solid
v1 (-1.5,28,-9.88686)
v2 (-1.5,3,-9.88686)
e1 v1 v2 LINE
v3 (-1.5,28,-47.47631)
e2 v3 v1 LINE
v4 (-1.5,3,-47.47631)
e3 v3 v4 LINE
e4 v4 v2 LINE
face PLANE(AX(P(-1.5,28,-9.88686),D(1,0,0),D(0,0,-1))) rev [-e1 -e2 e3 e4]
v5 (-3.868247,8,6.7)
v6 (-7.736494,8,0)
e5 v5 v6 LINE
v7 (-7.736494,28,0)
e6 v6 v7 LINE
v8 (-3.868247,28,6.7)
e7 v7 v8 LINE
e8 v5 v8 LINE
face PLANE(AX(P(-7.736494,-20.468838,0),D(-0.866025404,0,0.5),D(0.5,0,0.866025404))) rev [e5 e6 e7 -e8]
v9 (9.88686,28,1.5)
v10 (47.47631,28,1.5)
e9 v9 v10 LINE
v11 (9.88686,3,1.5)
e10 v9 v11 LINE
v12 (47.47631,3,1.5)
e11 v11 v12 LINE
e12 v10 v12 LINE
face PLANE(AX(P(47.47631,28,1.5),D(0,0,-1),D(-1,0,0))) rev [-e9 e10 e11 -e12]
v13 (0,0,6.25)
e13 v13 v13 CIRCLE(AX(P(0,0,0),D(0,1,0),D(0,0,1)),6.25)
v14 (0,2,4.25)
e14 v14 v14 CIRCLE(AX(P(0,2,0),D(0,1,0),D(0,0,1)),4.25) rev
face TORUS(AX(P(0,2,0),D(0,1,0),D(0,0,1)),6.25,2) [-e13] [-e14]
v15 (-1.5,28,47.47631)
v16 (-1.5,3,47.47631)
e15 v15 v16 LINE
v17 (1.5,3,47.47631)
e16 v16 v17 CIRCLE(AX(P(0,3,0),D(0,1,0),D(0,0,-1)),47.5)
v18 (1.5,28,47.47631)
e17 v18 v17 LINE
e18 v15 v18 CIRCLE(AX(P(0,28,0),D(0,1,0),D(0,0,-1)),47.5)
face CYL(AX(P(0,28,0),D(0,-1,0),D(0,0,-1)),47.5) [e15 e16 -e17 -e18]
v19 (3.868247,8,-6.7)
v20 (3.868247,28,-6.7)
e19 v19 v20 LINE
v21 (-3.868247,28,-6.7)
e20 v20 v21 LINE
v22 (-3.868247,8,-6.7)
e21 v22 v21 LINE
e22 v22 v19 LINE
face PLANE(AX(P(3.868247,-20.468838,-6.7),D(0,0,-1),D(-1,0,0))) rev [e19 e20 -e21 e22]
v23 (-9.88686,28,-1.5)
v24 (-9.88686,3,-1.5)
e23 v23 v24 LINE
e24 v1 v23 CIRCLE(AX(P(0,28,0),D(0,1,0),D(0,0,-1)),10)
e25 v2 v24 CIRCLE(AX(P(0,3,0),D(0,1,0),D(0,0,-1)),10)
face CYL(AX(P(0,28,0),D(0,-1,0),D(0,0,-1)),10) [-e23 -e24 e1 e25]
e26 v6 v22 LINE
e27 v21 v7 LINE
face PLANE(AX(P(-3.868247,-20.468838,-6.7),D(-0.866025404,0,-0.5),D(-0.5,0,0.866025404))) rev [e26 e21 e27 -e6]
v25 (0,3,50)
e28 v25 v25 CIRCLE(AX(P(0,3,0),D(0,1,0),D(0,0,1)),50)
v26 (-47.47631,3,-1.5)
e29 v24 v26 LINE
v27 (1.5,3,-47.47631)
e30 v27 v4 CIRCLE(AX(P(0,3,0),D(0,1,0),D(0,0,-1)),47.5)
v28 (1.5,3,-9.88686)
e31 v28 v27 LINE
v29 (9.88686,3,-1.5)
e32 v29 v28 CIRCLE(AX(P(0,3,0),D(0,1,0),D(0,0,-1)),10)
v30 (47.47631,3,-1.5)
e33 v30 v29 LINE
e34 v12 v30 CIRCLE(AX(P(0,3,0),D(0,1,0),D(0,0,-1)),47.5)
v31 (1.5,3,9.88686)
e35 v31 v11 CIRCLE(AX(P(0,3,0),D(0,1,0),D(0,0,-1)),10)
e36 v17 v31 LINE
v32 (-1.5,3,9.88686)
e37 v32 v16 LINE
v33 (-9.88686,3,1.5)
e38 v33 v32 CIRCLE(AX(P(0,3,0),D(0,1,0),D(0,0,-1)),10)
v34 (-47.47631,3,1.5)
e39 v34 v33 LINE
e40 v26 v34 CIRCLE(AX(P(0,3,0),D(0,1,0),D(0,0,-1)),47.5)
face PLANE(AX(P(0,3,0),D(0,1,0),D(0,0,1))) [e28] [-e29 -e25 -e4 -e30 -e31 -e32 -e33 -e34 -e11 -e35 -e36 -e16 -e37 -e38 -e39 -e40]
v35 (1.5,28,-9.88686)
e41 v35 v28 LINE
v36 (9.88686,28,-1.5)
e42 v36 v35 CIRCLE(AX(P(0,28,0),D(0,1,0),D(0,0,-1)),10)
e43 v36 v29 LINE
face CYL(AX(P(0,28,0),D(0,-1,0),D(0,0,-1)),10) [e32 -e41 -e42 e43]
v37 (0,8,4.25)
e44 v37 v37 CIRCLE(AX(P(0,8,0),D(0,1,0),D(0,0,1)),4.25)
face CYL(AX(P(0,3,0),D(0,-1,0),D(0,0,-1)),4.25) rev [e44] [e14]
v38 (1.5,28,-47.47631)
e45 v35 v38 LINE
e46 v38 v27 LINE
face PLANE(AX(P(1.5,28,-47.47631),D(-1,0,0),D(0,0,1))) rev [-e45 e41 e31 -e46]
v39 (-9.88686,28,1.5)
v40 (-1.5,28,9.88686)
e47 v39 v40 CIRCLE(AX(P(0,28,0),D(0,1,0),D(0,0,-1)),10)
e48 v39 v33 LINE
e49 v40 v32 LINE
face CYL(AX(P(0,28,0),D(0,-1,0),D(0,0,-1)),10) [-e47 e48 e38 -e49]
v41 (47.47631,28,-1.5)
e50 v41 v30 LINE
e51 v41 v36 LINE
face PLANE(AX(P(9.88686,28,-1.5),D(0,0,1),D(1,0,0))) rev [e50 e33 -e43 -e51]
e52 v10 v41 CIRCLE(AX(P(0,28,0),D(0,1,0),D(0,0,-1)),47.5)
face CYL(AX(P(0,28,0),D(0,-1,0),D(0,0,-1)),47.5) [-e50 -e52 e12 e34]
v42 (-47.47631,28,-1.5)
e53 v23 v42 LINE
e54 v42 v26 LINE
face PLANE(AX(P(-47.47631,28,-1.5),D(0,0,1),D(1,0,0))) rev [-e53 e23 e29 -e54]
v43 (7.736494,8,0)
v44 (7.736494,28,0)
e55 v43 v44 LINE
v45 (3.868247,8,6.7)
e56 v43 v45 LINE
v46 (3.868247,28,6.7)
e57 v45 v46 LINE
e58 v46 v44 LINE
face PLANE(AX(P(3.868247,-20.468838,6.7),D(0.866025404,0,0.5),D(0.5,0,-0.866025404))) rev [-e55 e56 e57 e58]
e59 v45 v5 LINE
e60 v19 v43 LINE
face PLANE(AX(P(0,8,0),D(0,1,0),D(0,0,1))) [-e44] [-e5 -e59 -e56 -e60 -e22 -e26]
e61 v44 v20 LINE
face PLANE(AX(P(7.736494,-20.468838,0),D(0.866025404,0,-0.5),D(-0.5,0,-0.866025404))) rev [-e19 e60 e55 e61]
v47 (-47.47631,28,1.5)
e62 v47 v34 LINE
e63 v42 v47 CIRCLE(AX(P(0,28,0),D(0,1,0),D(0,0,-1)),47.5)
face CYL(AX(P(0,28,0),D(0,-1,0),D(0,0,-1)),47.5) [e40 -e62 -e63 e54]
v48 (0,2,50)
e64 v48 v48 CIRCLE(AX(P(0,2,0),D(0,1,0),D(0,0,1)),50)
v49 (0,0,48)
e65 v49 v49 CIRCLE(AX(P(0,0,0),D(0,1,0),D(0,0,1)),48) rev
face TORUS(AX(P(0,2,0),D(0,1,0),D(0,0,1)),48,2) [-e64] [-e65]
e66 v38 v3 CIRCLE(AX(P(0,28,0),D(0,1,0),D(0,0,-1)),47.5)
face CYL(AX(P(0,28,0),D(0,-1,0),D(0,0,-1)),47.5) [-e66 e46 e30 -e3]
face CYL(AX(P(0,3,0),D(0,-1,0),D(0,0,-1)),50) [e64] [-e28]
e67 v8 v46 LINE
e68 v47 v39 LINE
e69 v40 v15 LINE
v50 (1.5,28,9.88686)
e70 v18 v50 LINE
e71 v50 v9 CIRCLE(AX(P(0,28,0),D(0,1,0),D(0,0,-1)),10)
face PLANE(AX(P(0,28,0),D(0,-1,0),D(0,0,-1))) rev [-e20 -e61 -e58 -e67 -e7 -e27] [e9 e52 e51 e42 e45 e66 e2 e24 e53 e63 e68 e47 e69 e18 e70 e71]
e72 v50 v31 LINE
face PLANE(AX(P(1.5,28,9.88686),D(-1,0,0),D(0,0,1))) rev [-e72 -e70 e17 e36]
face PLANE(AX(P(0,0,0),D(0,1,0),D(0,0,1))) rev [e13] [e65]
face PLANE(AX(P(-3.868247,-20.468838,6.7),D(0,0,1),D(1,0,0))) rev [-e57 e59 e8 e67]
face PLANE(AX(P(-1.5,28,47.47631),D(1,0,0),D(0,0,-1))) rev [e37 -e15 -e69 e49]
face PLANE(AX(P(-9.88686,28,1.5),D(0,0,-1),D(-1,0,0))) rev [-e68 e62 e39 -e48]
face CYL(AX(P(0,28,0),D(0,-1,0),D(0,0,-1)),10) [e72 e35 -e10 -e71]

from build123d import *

# Parameters (mm, degrees)
ESQUISSE1_R             = 50
ESQUISSE1_R_2           = 4.25
BOSS_EXTRU_1_DEPTH      = 3
ESQUISSE2_R             = 4.25
BOSS_EXTRU_2_DEPTH      = 25
ENL_V_MAT_EXTRU_1_DEPTH = 20
CONG_1_R                = 2


with BuildPart() as part:
    # Esquisse1 → Boss.-Extru.1 (new body)
    with BuildSketch(Plane(origin=(0, 0, 0), x_dir=(1, 0, 0), z_dir=(0, 1, 0))):
        with Locations(Location((0, 0, 0), (0, 0, 270))):
            Circle(ESQUISSE1_R)
        with Locations(Location((0, 0, 0), (0, 0, 270))):
            Circle(ESQUISSE1_R_2, mode=Mode.SUBTRACT)
    extrude(amount=BOSS_EXTRU_1_DEPTH)

    # Esquisse2 → Boss.-Extru.2 (add)
    with BuildSketch(Plane(origin=(0, 3, 0), x_dir=(1, 0, 0), z_dir=(0, 1, 0))):
        with BuildLine():
            Line((9.886859967, 1.5), (47.476309882, 1.5))
            ThreePointArc((47.476309882, 1.5), (47.5, 0), (47.476309882, -1.5))
            Line((47.476309882, -1.5), (9.886859967, -1.5))
            ThreePointArc((9.886859967, -1.5), (7.071067812, -7.071067812), (1.5, -9.886859967))
            Line((1.5, -9.886859967), (1.5, -47.476309882))
            ThreePointArc((1.5, -47.476309882), (0, -47.5), (-1.5, -47.476309882))
            Line((-1.5, -47.476309882), (-1.5, -9.886859967))
            ThreePointArc((-1.5, -9.886859967), (-7.071067812, -7.071067812), (-9.886859967, -1.5))
            Line((-9.886859967, -1.5), (-47.476309882, -1.5))
            ThreePointArc((-47.476309882, -1.5), (-47.5, 0), (-47.476309882, 1.5))
            Line((-47.476309882, 1.5), (-9.886859967, 1.5))
            ThreePointArc((-9.886859967, 1.5), (-7.071067812, 7.071067812), (-1.5, 9.886859967))
            Line((-1.5, 9.886859967), (-1.5, 47.476309882))
            ThreePointArc((-1.5, 47.476309882), (0, 47.5), (1.5, 47.476309882))
            Line((1.5, 47.476309882), (1.5, 9.886859967))
            ThreePointArc((1.5, 9.886859967), (7.071067812, 7.071067812), (9.886859967, 1.5))
        make_face()
        with Locations(Location((0, 0, 0), (0, 0, 270))):
            Circle(ESQUISSE2_R, mode=Mode.SUBTRACT)
    extrude(amount=BOSS_EXTRU_2_DEPTH)

    # Esquisse3 → Enlèv. mat.-Extru.1 (cut)
    with BuildSketch(Plane(origin=(0, 28, 0), x_dir=(1, 0, 0), z_dir=(0, 1, 0))):
        Polygon((7.736493607, 0), (3.868246804, 6.7), (-3.868246804, 6.7), (-7.736493607, 0), (-3.868246804, -6.7), (3.868246804, -6.7), align=None)
    extrude(amount=-ENL_V_MAT_EXTRU_1_DEPTH, mode=Mode.SUBTRACT)

    # Congé1
    cong_1_edges = [part.edges().sort_by_distance(p)[0] for p in [
        (0, 0, -50),
        (0, 0, -4.25),
    ]]
    fillet(cong_1_edges, radius=CONG_1_R)


solid = part.part
